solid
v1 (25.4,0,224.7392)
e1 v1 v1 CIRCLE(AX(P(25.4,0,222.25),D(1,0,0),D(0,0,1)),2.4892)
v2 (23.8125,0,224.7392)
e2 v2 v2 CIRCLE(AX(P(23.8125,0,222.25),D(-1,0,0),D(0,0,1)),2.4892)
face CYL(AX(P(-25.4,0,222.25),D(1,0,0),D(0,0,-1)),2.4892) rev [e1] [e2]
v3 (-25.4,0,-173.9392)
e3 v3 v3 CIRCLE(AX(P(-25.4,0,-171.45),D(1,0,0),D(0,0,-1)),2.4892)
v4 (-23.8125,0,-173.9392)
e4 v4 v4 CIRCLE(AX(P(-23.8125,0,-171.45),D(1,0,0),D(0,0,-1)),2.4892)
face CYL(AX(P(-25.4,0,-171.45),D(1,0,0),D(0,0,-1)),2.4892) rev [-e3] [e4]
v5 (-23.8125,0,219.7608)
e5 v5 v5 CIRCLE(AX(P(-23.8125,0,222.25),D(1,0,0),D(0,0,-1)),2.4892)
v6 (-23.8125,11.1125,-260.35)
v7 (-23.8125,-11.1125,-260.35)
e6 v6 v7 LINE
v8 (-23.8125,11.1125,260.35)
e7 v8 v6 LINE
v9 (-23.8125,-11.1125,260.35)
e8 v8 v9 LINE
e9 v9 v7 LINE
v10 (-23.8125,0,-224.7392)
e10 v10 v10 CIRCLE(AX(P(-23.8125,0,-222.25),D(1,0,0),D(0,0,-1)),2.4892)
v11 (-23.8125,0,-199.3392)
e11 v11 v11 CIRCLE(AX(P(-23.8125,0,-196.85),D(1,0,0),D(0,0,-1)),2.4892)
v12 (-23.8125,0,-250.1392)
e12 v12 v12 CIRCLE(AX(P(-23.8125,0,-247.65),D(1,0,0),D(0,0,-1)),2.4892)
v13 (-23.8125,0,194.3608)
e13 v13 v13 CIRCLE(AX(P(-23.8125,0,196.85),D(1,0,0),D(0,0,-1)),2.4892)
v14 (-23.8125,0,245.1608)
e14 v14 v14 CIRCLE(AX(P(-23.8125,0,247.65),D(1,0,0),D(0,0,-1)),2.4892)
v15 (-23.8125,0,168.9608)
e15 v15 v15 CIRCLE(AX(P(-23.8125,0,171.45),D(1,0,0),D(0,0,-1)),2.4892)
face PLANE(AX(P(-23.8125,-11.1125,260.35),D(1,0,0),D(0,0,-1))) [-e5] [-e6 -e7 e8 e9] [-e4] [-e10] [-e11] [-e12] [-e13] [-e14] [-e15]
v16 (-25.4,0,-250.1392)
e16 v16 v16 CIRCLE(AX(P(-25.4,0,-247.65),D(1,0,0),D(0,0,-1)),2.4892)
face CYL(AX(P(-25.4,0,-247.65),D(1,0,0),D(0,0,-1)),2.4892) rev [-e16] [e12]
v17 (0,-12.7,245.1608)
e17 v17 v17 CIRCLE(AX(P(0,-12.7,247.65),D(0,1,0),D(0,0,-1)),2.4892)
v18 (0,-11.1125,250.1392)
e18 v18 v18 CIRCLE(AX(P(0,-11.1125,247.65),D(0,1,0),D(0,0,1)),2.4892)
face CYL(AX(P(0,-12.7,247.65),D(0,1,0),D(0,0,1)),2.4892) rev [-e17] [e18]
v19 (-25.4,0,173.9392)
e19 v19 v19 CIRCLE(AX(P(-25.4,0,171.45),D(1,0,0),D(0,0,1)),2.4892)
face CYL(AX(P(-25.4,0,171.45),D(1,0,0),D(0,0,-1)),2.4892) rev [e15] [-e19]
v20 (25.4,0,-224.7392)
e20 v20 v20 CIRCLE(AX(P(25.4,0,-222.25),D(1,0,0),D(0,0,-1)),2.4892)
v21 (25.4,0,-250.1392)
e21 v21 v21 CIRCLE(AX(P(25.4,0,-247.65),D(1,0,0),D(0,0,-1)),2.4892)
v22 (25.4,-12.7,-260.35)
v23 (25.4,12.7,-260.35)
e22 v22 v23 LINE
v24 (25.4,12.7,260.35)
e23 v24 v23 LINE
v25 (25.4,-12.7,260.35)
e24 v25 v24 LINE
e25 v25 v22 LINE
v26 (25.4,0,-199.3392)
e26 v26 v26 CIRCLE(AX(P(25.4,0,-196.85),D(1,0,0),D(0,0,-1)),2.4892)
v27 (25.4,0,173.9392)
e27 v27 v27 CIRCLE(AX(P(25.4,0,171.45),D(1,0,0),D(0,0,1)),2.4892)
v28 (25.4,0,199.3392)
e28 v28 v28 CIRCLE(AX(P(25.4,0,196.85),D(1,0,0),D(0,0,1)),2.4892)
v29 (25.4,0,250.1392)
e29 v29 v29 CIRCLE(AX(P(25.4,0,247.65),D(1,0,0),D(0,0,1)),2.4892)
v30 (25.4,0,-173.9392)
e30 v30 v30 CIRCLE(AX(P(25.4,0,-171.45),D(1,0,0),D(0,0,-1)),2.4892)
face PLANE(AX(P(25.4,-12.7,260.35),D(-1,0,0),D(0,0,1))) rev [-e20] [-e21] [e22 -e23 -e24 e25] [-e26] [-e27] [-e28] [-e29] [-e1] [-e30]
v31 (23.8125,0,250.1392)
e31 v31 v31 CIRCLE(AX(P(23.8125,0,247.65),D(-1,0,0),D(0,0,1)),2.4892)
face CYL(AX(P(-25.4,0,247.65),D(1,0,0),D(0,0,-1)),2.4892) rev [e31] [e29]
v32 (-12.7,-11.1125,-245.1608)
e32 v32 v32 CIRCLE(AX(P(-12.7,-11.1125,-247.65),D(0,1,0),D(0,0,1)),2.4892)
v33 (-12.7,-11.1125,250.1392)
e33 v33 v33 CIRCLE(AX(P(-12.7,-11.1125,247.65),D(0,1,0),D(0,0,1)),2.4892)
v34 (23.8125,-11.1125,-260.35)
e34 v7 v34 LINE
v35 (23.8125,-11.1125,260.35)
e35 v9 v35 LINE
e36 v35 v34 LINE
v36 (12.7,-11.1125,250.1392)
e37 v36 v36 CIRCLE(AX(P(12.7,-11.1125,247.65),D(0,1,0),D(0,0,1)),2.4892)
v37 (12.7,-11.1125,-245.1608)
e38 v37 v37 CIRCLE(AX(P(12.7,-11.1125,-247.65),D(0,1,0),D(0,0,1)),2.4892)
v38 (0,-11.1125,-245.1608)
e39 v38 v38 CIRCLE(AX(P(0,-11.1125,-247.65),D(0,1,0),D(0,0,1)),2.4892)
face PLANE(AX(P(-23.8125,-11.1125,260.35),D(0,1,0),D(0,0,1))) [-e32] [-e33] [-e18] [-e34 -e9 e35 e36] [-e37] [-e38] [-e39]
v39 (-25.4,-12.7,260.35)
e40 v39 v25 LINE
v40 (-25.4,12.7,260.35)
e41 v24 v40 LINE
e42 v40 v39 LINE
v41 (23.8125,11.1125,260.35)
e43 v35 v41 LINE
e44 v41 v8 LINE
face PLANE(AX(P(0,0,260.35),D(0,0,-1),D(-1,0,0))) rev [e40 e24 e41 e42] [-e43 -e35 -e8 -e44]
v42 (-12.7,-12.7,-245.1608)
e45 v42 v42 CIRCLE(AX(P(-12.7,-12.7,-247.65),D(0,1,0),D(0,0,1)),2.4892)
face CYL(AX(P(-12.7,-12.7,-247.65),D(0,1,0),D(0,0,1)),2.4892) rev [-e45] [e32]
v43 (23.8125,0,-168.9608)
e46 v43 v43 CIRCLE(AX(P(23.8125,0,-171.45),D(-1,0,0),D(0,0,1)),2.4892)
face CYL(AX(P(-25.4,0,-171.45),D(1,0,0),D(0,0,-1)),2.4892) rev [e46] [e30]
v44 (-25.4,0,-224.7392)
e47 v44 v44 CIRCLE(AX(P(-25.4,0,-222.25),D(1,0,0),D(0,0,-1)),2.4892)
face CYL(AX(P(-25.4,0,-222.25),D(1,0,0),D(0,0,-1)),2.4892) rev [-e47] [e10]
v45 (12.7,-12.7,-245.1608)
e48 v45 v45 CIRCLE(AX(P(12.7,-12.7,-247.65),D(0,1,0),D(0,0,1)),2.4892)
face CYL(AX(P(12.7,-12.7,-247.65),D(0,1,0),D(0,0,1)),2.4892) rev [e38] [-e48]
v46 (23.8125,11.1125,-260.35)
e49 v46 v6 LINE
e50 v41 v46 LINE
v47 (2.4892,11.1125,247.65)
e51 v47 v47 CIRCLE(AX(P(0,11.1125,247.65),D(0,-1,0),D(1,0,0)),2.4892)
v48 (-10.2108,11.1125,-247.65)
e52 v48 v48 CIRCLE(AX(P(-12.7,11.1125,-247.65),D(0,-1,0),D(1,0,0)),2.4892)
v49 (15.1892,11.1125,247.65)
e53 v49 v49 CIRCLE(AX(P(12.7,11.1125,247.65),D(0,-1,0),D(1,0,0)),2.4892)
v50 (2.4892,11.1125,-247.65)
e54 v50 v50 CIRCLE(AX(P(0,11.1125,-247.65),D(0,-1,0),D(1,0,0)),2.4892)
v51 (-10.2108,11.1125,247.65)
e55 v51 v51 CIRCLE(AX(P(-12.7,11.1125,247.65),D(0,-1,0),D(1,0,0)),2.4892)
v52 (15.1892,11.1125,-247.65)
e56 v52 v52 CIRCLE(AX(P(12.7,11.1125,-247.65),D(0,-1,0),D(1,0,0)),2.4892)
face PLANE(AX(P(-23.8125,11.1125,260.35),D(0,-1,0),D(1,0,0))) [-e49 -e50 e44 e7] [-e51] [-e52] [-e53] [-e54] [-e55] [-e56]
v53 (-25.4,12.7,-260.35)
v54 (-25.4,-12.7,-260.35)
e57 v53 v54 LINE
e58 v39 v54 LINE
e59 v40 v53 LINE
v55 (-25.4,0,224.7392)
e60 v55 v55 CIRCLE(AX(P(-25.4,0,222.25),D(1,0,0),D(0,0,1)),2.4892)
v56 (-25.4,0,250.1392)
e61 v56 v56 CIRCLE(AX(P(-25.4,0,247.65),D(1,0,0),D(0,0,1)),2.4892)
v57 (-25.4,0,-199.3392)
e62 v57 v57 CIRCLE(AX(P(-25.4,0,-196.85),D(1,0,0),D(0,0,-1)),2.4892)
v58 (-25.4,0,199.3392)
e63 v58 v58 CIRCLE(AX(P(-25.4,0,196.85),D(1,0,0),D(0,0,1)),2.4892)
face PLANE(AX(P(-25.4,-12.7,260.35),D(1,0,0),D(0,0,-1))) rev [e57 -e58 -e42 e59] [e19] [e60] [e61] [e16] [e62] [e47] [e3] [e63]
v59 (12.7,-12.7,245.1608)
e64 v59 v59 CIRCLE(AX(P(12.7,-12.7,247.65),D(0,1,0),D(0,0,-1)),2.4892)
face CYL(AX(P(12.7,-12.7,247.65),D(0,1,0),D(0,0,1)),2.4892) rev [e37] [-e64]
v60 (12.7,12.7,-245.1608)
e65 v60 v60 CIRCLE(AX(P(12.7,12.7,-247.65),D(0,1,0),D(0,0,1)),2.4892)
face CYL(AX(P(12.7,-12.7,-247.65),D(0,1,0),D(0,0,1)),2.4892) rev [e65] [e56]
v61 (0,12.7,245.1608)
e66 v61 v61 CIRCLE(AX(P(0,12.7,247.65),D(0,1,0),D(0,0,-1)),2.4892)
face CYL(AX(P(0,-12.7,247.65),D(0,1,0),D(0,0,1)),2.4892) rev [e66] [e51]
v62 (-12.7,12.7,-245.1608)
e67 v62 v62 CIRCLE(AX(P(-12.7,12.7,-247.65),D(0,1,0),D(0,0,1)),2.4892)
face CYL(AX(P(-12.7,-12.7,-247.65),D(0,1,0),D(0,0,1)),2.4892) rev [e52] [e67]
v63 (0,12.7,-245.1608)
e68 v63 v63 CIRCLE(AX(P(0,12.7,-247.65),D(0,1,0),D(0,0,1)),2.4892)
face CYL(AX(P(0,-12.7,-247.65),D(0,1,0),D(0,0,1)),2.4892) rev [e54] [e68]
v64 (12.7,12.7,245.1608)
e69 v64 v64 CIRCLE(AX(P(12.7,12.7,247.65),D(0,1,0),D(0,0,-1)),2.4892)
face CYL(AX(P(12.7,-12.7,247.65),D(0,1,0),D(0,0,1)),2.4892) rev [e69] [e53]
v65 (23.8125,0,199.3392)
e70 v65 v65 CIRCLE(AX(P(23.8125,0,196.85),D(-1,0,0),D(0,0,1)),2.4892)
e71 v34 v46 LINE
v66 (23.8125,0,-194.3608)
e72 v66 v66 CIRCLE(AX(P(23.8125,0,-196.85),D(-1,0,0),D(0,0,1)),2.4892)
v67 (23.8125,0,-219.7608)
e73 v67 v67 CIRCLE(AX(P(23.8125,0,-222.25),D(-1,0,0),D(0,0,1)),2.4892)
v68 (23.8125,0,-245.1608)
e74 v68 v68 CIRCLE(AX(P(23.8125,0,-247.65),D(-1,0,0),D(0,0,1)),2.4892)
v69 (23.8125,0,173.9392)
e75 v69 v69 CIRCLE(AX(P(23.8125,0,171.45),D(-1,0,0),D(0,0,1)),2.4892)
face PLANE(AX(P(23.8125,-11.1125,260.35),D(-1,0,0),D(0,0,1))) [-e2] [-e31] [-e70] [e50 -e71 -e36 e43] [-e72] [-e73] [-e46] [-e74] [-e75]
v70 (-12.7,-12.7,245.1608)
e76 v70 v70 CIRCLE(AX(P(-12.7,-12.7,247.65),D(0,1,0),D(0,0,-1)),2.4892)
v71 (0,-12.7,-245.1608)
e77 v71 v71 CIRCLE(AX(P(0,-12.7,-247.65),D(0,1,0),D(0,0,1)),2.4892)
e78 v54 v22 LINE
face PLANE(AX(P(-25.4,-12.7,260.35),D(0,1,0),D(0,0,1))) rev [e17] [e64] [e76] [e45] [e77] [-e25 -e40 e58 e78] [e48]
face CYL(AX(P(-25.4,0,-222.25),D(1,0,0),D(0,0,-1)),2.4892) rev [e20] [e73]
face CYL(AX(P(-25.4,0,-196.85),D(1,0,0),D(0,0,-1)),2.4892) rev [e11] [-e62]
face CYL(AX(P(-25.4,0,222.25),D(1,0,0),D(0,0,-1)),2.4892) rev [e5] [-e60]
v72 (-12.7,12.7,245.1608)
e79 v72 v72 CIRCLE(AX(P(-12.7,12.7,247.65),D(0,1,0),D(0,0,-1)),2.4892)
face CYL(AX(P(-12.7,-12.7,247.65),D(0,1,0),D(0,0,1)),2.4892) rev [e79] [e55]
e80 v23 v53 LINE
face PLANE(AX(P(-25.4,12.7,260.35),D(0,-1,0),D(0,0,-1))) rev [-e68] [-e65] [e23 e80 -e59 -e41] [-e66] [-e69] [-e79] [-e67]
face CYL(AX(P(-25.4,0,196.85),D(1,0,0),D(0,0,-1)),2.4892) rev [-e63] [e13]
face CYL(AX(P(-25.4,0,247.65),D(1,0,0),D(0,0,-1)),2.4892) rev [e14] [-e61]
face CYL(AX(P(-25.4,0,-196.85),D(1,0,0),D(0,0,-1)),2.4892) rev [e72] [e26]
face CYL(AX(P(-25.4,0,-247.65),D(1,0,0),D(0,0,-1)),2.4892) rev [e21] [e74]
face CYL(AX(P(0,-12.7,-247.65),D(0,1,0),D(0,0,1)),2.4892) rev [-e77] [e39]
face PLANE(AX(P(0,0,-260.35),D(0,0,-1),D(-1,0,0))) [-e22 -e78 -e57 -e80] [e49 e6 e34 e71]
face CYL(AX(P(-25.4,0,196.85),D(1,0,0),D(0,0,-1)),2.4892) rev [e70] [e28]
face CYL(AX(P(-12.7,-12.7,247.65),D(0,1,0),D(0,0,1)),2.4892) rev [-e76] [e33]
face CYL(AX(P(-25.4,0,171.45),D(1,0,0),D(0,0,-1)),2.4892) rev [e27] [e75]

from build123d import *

# Parameters (mm, degrees)
SKETCH1_W           = 50.8
SKETCH1_H           = 25.4
SKETCH1_W_2         = 47.625
SKETCH1_H_2         = 22.225
BOSS_EXTRUDE1_DEPTH = 260.35
SKETCH2_R           = 2.4892
CUT_EXTRUDE1_DEPTH  = 263.8163665
SKETCH3_R           = 2.4892
CUT_EXTRUDE2_DEPTH  = 266.563650562


with BuildPart() as part:
    # Sketch1 → Boss-Extrude1 (new, symmetric)
    with BuildSketch(Plane.XY):
        Rectangle(SKETCH1_W, SKETCH1_H)
        Rectangle(SKETCH1_W_2, SKETCH1_H_2, mode=Mode.SUBTRACT)
    extrude(amount=BOSS_EXTRUDE1_DEPTH, both=True)

    # Sketch2 → Cut-Extrude1 (cut, through all)
    with BuildSketch(Plane(origin=(0, 12.7, 0), x_dir=(1, 0, 0), z_dir=(0, 1, 0))):
        with Locations(Location((-12.7, 247.65, 0), (0, 0, 270))):
            Circle(SKETCH2_R)
        with Locations(Location((0, 247.65, 0), (0, 0, 270))):
            Circle(SKETCH2_R)
        with Locations(Location((12.7, 247.65, 0), (0, 0, 270))):
            Circle(SKETCH2_R)
        with Locations((12.7, -247.65)):
            Circle(SKETCH2_R)
        with Locations((0, -247.65)):
            Circle(SKETCH2_R)
        with Locations((-12.7, -247.65)):
            Circle(SKETCH2_R)
    extrude(amount=-CUT_EXTRUDE1_DEPTH, mode=Mode.SUBTRACT)

    # Sketch3 → Cut-Extrude2 (cut, through all)
    with BuildSketch(Plane(origin=(25.4, 0, 0), x_dir=(0, 0, -1), z_dir=(1, 0, 0))):
        with Locations((247.65, 0)):
            Circle(SKETCH3_R)
        with Locations(Location((-247.65, 0, 0), (0, 0, 180))):
            Circle(SKETCH3_R)
        with Locations((222.25, 0)):
            Circle(SKETCH3_R)
        with Locations((196.85, 0)):
            Circle(SKETCH3_R)
        with Locations((171.45, 0)):
            Circle(SKETCH3_R)
        with Locations(Location((-171.45, 0, 0), (0, 0, 180))):
            Circle(SKETCH3_R)
        with Locations(Location((-196.85, 0, 0), (0, 0, 180))):
            Circle(SKETCH3_R)
        with Locations(Location((-222.25, 0, 0), (0, 0, 180))):
            Circle(SKETCH3_R)
    extrude(amount=-CUT_EXTRUDE2_DEPTH, mode=Mode.SUBTRACT)


solid = part.part
